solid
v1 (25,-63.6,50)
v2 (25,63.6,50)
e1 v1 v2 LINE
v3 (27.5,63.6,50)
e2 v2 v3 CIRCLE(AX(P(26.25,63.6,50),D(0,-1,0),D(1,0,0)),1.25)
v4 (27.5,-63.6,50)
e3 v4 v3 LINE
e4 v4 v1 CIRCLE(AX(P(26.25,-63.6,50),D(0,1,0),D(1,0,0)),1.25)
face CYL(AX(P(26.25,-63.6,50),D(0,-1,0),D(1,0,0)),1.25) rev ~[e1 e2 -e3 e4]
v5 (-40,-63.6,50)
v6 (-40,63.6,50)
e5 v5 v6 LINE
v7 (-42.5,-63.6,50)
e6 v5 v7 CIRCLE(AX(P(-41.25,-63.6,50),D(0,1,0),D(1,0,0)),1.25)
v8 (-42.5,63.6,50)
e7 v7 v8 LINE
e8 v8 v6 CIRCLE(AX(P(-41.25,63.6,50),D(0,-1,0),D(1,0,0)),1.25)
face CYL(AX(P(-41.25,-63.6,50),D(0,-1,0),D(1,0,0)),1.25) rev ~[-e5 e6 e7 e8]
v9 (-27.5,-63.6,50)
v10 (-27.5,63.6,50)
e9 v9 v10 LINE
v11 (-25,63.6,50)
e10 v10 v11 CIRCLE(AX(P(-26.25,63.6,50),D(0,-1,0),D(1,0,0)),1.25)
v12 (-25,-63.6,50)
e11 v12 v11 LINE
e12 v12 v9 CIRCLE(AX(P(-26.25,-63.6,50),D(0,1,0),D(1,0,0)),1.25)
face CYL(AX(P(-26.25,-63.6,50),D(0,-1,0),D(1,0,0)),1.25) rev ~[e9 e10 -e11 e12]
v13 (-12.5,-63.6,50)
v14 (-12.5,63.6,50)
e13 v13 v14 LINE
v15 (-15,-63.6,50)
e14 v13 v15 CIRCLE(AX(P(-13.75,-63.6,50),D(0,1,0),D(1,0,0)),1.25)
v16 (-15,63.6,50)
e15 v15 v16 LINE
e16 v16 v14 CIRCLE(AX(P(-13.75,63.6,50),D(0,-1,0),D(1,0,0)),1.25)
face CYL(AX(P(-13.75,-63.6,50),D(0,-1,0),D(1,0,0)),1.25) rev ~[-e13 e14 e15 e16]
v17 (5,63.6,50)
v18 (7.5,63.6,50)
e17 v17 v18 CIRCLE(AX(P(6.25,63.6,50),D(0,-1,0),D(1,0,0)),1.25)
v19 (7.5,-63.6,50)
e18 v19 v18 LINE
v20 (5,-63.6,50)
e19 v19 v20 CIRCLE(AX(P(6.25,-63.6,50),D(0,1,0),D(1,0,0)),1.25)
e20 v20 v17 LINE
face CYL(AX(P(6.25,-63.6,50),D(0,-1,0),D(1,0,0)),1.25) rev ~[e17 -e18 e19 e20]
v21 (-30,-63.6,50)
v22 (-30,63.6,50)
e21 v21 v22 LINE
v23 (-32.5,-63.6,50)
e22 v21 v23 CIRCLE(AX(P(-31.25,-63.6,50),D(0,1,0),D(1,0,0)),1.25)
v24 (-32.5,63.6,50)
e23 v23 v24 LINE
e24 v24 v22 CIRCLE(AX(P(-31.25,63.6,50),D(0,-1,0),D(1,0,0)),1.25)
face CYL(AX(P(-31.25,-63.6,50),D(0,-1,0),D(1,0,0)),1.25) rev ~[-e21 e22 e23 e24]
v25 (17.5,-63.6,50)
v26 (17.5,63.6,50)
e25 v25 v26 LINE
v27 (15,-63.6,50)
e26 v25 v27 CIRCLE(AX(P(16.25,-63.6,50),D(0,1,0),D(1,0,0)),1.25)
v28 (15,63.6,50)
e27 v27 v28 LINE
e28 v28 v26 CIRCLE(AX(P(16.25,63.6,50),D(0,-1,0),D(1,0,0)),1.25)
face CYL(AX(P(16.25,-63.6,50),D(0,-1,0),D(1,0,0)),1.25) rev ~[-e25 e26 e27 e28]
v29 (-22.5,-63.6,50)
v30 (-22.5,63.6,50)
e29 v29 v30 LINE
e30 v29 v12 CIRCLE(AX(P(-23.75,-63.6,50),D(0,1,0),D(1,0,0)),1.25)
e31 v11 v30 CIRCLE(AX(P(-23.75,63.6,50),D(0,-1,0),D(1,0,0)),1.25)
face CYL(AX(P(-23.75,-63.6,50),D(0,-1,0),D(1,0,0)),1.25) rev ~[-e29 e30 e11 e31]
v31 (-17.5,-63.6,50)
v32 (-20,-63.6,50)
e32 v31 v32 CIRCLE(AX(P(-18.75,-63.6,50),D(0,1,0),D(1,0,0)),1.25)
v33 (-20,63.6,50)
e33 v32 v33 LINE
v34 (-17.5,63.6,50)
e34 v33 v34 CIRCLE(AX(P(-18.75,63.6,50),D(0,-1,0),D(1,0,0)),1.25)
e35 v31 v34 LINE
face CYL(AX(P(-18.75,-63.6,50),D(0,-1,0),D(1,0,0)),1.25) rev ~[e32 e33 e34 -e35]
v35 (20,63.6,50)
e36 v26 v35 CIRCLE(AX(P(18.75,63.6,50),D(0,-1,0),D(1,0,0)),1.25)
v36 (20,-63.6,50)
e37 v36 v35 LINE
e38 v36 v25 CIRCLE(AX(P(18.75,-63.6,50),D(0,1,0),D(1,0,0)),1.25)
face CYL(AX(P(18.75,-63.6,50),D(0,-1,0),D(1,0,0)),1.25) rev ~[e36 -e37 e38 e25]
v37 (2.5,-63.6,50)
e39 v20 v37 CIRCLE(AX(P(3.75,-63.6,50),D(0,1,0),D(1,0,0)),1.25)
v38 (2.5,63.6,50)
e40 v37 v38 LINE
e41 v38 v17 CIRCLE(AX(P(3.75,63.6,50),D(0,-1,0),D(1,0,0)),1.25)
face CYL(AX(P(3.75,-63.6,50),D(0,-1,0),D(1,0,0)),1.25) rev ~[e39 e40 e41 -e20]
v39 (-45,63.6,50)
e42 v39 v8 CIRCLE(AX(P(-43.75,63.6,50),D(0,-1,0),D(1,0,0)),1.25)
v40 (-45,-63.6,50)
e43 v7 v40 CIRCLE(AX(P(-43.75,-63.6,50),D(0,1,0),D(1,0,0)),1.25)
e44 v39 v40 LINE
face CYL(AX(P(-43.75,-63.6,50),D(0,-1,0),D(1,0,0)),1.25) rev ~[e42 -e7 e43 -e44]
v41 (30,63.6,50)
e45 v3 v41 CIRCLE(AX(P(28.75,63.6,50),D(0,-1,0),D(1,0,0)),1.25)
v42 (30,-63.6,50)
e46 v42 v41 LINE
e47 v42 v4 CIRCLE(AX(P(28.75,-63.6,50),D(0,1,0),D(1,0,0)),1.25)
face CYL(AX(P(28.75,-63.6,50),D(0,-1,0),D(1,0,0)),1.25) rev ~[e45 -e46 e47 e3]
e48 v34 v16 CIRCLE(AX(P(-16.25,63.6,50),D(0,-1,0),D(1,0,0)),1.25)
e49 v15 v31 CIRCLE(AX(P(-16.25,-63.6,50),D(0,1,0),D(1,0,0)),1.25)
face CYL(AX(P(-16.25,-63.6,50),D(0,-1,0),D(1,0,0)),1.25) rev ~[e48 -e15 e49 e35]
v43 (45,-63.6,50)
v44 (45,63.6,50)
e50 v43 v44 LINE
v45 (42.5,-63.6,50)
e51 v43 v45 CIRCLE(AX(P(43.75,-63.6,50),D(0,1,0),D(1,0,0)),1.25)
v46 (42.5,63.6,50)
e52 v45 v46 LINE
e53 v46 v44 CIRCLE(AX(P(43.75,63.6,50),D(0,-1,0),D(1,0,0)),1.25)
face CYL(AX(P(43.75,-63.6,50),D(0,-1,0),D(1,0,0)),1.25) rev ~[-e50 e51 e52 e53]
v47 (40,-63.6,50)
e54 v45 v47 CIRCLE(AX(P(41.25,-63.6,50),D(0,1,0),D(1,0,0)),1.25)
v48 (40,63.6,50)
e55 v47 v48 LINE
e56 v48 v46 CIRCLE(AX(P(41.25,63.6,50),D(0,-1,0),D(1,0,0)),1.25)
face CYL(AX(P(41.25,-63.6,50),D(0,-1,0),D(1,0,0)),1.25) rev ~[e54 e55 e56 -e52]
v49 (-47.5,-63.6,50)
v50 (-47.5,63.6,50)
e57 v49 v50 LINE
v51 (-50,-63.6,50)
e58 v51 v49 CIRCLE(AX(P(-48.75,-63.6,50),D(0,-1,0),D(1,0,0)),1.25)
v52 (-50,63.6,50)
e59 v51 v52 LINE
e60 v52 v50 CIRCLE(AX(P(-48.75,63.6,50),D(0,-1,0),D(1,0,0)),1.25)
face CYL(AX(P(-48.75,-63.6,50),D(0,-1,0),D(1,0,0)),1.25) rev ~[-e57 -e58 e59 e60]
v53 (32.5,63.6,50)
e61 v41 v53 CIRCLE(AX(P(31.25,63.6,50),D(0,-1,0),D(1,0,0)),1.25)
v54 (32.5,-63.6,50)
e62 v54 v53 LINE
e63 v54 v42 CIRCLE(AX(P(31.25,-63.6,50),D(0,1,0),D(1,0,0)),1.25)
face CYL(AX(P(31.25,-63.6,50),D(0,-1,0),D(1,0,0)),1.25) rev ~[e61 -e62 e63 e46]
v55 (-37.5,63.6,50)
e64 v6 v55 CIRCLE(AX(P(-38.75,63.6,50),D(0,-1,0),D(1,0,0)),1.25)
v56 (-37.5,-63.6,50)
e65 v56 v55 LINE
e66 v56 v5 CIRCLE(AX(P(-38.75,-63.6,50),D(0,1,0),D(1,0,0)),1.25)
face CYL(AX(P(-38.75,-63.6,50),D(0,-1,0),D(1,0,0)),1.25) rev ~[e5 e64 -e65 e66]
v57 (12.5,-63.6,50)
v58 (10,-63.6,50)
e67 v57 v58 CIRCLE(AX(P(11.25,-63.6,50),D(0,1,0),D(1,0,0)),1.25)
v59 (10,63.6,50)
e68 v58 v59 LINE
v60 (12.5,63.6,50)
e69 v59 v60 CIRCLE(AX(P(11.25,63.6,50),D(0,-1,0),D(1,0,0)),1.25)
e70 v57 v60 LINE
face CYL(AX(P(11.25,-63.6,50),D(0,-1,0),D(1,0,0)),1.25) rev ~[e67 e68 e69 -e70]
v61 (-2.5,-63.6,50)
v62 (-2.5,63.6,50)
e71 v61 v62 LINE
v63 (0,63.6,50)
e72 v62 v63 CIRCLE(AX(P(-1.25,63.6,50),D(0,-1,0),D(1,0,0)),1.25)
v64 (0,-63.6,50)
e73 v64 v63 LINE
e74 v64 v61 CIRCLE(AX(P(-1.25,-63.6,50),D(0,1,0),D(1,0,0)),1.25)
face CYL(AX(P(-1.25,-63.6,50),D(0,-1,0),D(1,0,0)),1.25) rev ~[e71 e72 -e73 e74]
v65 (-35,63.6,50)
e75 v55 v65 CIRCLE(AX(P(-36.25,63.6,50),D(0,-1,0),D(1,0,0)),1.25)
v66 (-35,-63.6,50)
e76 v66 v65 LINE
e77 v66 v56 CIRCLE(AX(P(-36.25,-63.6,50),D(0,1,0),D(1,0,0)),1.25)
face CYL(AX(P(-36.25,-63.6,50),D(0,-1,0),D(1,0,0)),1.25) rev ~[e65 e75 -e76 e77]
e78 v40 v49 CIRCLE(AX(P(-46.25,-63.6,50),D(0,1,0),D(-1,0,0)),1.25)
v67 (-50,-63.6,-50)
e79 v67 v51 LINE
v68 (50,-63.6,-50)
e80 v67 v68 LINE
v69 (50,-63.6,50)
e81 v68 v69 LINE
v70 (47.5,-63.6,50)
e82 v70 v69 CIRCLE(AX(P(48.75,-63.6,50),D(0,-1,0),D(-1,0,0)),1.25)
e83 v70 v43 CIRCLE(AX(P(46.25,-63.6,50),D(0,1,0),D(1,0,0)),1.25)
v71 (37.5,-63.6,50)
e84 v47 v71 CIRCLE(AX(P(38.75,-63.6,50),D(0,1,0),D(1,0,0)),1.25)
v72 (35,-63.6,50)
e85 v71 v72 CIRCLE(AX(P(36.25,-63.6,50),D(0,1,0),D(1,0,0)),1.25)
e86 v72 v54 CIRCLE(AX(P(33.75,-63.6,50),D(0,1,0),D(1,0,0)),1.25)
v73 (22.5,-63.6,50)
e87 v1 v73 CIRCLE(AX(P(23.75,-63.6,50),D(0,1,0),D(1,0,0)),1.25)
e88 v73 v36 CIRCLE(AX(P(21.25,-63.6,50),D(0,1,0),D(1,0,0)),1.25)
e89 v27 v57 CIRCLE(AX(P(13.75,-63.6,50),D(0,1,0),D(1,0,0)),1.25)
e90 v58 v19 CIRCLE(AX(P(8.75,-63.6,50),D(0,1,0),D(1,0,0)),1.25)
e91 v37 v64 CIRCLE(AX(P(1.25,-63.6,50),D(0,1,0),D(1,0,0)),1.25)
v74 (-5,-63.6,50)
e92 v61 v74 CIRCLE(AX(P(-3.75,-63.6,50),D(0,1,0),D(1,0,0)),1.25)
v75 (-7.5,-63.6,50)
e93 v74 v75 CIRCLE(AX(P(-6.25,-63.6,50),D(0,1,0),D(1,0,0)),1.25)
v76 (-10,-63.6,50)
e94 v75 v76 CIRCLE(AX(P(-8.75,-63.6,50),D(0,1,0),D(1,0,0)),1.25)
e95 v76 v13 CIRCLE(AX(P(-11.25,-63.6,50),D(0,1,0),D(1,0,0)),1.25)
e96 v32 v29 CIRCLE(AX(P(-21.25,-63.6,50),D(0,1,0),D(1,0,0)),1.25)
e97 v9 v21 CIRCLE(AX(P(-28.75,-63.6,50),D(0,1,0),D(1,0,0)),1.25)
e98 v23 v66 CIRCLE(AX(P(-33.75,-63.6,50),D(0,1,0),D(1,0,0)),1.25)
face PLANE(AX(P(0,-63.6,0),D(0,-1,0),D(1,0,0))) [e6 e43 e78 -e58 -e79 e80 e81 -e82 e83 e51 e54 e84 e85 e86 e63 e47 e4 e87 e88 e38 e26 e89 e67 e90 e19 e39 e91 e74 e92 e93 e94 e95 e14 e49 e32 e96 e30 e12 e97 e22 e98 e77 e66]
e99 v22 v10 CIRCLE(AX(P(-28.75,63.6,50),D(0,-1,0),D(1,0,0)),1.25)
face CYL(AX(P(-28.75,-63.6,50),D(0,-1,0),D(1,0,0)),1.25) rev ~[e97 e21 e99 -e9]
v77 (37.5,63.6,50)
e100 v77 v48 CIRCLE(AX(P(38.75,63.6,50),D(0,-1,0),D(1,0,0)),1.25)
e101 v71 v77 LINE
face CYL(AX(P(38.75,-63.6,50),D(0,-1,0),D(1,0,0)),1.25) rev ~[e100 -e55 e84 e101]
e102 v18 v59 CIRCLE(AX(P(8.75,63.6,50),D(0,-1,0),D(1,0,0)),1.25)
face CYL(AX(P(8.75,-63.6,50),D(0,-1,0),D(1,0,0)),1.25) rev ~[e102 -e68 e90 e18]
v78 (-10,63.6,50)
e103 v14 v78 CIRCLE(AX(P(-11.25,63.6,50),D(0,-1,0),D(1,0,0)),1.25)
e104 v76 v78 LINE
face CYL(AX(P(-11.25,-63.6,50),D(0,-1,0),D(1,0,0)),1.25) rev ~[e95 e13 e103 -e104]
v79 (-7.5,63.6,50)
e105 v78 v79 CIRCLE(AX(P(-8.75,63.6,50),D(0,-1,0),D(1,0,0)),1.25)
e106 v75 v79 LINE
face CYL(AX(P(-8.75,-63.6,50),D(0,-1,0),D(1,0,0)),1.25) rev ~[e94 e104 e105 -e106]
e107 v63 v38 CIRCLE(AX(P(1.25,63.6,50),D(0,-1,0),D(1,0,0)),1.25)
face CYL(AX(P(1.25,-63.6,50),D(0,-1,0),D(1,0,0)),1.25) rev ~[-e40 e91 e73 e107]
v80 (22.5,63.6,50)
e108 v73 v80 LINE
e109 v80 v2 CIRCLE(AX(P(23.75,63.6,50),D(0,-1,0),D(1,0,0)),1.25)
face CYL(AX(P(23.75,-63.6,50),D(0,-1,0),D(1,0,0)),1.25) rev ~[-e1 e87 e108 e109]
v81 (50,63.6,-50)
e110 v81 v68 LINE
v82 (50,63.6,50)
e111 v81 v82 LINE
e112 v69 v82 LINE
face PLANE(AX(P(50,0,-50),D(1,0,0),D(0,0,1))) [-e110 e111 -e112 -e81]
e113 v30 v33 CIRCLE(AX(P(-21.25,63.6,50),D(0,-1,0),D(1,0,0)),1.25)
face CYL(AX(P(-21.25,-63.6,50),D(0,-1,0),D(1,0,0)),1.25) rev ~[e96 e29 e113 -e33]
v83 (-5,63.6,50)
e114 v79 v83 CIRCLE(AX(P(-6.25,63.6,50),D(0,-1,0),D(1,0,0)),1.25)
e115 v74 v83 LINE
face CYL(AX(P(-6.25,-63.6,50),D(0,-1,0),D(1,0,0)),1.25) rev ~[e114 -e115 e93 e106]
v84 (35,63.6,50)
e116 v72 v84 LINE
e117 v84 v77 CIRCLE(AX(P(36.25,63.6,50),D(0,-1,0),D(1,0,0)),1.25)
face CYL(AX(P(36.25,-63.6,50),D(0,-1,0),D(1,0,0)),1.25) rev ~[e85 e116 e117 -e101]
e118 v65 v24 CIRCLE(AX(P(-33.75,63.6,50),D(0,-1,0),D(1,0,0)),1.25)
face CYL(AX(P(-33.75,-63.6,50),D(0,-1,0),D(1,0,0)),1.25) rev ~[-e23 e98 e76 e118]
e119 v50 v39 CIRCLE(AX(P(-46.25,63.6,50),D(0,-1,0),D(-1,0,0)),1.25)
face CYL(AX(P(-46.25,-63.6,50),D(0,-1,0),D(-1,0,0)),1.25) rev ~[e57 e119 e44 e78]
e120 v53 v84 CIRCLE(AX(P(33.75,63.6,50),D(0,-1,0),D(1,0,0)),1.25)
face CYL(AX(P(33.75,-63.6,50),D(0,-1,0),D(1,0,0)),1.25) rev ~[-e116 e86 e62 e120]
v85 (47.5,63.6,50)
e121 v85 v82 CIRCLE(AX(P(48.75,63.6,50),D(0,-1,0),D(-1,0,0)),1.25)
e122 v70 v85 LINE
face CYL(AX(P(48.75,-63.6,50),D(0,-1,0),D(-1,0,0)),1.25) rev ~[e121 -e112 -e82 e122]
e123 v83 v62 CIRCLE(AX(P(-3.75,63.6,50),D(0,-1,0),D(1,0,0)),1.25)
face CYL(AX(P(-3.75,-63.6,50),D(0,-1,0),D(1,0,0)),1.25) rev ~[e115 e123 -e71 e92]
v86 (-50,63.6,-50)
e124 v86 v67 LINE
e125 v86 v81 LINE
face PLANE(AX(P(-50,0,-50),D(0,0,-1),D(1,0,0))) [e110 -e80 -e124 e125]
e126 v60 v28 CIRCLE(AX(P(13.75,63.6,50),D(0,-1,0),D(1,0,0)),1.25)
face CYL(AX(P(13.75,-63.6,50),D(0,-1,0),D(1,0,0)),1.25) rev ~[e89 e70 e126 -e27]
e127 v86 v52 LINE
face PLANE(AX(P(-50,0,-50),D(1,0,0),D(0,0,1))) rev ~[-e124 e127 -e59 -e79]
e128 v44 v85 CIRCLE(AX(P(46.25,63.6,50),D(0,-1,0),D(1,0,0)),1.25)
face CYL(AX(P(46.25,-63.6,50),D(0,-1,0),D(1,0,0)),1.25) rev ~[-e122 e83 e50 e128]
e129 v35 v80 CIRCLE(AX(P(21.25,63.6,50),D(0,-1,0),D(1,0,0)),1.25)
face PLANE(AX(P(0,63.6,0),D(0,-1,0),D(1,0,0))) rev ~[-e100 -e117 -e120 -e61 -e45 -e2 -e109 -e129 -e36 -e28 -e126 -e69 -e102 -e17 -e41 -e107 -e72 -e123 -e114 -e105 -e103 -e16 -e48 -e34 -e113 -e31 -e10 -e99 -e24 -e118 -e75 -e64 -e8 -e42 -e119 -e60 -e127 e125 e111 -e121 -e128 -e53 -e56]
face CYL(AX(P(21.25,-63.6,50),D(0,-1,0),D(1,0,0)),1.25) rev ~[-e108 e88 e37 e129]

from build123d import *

# Parameters (mm, degrees)
F0_W     = 100
F0_H     = 100
F1_DEPTH = 63.6
F2_R     = 1.25
F3_DEPTH = 144.2


with BuildPart() as f1:
    # F0 (on Front) → F1 (new body, symmetric)
    with BuildSketch(Plane.XZ):
        Rectangle(F0_W, F0_H)
    extrude(amount=F1_DEPTH, both=True)

    # F2 (on face) → F3 (cut)
    with BuildSketch(Plane.XZ.offset(63.6)):
        with Locations((-48.75, 50)):
            Circle(F2_R)
        with BuildLine():
            ThreePointArc((50, 50), (48.75, 51.25), (47.5, 50))
            ThreePointArc((47.5, 50), (48.75, 48.75), (50, 50))
        make_face()
        with BuildLine():
            ThreePointArc((47.5, 50), (46.25, 51.25), (45, 50))
            ThreePointArc((45, 50), (46.25, 48.75), (47.5, 50))
        make_face()
        with BuildLine():
            ThreePointArc((45, 50), (43.75, 51.25), (42.5, 50))
            ThreePointArc((42.5, 50), (43.75, 48.75), (45, 50))
        make_face()
        with BuildLine():
            ThreePointArc((42.5, 50), (41.25, 51.25), (40, 50))
            ThreePointArc((40, 50), (41.25, 48.75), (42.5, 50))
        make_face()
        with BuildLine():
            ThreePointArc((40, 50), (38.75, 51.25), (37.5, 50))
            ThreePointArc((37.5, 50), (38.75, 48.75), (40, 50))
        make_face()
        with BuildLine():
            ThreePointArc((37.5, 50), (36.25, 51.25), (35, 50))
            ThreePointArc((35, 50), (36.25, 48.75), (37.5, 50))
        make_face()
        with BuildLine():
            ThreePointArc((35, 50), (33.75, 51.25), (32.5, 50))
            ThreePointArc((32.5, 50), (33.75, 48.75), (35, 50))
        make_face()
        with BuildLine():
            ThreePointArc((32.5, 50), (31.25, 51.25), (30, 50))
            ThreePointArc((30, 50), (31.25, 48.75), (32.5, 50))
        make_face()
        with BuildLine():
            ThreePointArc((30, 50), (28.75, 51.25), (27.5, 50))
            ThreePointArc((27.5, 50), (28.75, 48.75), (30, 50))
        make_face()
        with BuildLine():
            ThreePointArc((27.5, 50), (26.25, 51.25), (25, 50))
            ThreePointArc((25, 50), (26.25, 48.75), (27.5, 50))
        make_face()
        with BuildLine():
            ThreePointArc((25, 50), (23.75, 51.25), (22.5, 50))
            ThreePointArc((22.5, 50), (23.75, 48.75), (25, 50))
        make_face()
        with BuildLine():
            ThreePointArc((22.5, 50), (21.25, 51.25), (20, 50))
            ThreePointArc((20, 50), (21.25, 48.75), (22.5, 50))
        make_face()
        with BuildLine():
            ThreePointArc((20, 50), (18.75, 51.25), (17.5, 50))
            ThreePointArc((17.5, 50), (18.75, 48.75), (20, 50))
        make_face()
        with BuildLine():
            ThreePointArc((17.5, 50), (16.25, 51.25), (15, 50))
            ThreePointArc((15, 50), (16.25, 48.75), (17.5, 50))
        make_face()
        with BuildLine():
            ThreePointArc((15, 50), (13.75, 51.25), (12.5, 50))
            ThreePointArc((12.5, 50), (13.75, 48.75), (15, 50))
        make_face()
        with BuildLine():
            ThreePointArc((12.5, 50), (11.25, 51.25), (10, 50))
            ThreePointArc((10, 50), (11.25, 48.75), (12.5, 50))
        make_face()
        with BuildLine():
            ThreePointArc((10, 50), (8.75, 51.25), (7.5, 50))
            ThreePointArc((7.5, 50), (8.75, 48.75), (10, 50))
        make_face()
        with BuildLine():
            ThreePointArc((7.5, 50), (6.25, 51.25), (5, 50))
            ThreePointArc((5, 50), (6.25, 48.75), (7.5, 50))
        make_face()
        with BuildLine():
            ThreePointArc((5, 50), (3.75, 51.25), (2.5, 50))
            ThreePointArc((2.5, 50), (3.75, 48.75), (5, 50))
        make_face()
        with BuildLine():
            ThreePointArc((2.5, 50), (1.25, 51.25), (0, 50))
            ThreePointArc((0, 50), (1.25, 48.75), (2.5, 50))
        make_face()
        with BuildLine():
            ThreePointArc((0, 50), (-1.25, 51.25), (-2.5, 50))
            ThreePointArc((-2.5, 50), (-1.25, 48.75), (0, 50))
        make_face()
        with BuildLine():
            ThreePointArc((-2.5, 50), (-3.75, 51.25), (-5, 50))
            ThreePointArc((-5, 50), (-3.75, 48.75), (-2.5, 50))
        make_face()
        with BuildLine():
            ThreePointArc((-5, 50), (-6.25, 51.25), (-7.5, 50))
            ThreePointArc((-7.5, 50), (-6.25, 48.75), (-5, 50))
        make_face()
        with BuildLine():
            ThreePointArc((-7.5, 50), (-8.75, 51.25), (-10, 50))
            ThreePointArc((-10, 50), (-8.75, 48.75), (-7.5, 50))
        make_face()
        with BuildLine():
            ThreePointArc((-10, 50), (-11.25, 51.25), (-12.5, 50))
            ThreePointArc((-12.5, 50), (-11.25, 48.75), (-10, 50))
        make_face()
        with BuildLine():
            ThreePointArc((-12.5, 50), (-13.75, 51.25), (-15, 50))
            ThreePointArc((-15, 50), (-13.75, 48.75), (-12.5, 50))
        make_face()
        with BuildLine():
            ThreePointArc((-15, 50), (-16.25, 51.25), (-17.5, 50))
            ThreePointArc((-17.5, 50), (-16.25, 48.75), (-15, 50))
        make_face()
        with BuildLine():
            ThreePointArc((-17.5, 50), (-18.75, 51.25), (-20, 50))
            ThreePointArc((-20, 50), (-18.75, 48.75), (-17.5, 50))
        make_face()
        with BuildLine():
            ThreePointArc((-20, 50), (-21.25, 51.25), (-22.5, 50))
            ThreePointArc((-22.5, 50), (-21.25, 48.75), (-20, 50))
        make_face()
        with BuildLine():
            ThreePointArc((-22.5, 50), (-23.75, 51.25), (-25, 50))
            ThreePointArc((-25, 50), (-23.75, 48.75), (-22.5, 50))
        make_face()
        with BuildLine():
            ThreePointArc((-25, 50), (-26.25, 51.25), (-27.5, 50))
            ThreePointArc((-27.5, 50), (-26.25, 48.75), (-25, 50))
        make_face()
        with BuildLine():
            ThreePointArc((-27.5, 50), (-28.75, 51.25), (-30, 50))
            ThreePointArc((-30, 50), (-28.75, 48.75), (-27.5, 50))
        make_face()
        with BuildLine():
            ThreePointArc((-30, 50), (-31.25, 51.25), (-32.5, 50))
            ThreePointArc((-32.5, 50), (-31.25, 48.75), (-30, 50))
        make_face()
        with BuildLine():
            ThreePointArc((-32.5, 50), (-33.75, 51.25), (-35, 50))
            ThreePointArc((-35, 50), (-33.75, 48.75), (-32.5, 50))
        make_face()
        with BuildLine():
            ThreePointArc((-35, 50), (-36.25, 51.25), (-37.5, 50))
            ThreePointArc((-37.5, 50), (-36.25, 48.75), (-35, 50))
        make_face()
        with BuildLine():
            ThreePointArc((-37.5, 50), (-38.75, 51.25), (-40, 50))
            ThreePointArc((-40, 50), (-38.75, 48.75), (-37.5, 50))
        make_face()
        with BuildLine():
            ThreePointArc((-40, 50), (-41.25, 51.25), (-42.5, 50))
            ThreePointArc((-42.5, 50), (-41.25, 48.75), (-40, 50))
        make_face()
        with BuildLine():
            ThreePointArc((-42.5, 50), (-43.75, 51.25), (-45, 50))
            ThreePointArc((-45, 50), (-43.75, 48.75), (-42.5, 50))
        make_face()
        with BuildLine():
            ThreePointArc((-45, 50), (-46.25, 51.25), (-47.5, 50))
            ThreePointArc((-47.5, 50), (-46.25, 48.75), (-45, 50))
        make_face()
    extrude(amount=-F3_DEPTH, mode=Mode.SUBTRACT)


solid = f1.part
